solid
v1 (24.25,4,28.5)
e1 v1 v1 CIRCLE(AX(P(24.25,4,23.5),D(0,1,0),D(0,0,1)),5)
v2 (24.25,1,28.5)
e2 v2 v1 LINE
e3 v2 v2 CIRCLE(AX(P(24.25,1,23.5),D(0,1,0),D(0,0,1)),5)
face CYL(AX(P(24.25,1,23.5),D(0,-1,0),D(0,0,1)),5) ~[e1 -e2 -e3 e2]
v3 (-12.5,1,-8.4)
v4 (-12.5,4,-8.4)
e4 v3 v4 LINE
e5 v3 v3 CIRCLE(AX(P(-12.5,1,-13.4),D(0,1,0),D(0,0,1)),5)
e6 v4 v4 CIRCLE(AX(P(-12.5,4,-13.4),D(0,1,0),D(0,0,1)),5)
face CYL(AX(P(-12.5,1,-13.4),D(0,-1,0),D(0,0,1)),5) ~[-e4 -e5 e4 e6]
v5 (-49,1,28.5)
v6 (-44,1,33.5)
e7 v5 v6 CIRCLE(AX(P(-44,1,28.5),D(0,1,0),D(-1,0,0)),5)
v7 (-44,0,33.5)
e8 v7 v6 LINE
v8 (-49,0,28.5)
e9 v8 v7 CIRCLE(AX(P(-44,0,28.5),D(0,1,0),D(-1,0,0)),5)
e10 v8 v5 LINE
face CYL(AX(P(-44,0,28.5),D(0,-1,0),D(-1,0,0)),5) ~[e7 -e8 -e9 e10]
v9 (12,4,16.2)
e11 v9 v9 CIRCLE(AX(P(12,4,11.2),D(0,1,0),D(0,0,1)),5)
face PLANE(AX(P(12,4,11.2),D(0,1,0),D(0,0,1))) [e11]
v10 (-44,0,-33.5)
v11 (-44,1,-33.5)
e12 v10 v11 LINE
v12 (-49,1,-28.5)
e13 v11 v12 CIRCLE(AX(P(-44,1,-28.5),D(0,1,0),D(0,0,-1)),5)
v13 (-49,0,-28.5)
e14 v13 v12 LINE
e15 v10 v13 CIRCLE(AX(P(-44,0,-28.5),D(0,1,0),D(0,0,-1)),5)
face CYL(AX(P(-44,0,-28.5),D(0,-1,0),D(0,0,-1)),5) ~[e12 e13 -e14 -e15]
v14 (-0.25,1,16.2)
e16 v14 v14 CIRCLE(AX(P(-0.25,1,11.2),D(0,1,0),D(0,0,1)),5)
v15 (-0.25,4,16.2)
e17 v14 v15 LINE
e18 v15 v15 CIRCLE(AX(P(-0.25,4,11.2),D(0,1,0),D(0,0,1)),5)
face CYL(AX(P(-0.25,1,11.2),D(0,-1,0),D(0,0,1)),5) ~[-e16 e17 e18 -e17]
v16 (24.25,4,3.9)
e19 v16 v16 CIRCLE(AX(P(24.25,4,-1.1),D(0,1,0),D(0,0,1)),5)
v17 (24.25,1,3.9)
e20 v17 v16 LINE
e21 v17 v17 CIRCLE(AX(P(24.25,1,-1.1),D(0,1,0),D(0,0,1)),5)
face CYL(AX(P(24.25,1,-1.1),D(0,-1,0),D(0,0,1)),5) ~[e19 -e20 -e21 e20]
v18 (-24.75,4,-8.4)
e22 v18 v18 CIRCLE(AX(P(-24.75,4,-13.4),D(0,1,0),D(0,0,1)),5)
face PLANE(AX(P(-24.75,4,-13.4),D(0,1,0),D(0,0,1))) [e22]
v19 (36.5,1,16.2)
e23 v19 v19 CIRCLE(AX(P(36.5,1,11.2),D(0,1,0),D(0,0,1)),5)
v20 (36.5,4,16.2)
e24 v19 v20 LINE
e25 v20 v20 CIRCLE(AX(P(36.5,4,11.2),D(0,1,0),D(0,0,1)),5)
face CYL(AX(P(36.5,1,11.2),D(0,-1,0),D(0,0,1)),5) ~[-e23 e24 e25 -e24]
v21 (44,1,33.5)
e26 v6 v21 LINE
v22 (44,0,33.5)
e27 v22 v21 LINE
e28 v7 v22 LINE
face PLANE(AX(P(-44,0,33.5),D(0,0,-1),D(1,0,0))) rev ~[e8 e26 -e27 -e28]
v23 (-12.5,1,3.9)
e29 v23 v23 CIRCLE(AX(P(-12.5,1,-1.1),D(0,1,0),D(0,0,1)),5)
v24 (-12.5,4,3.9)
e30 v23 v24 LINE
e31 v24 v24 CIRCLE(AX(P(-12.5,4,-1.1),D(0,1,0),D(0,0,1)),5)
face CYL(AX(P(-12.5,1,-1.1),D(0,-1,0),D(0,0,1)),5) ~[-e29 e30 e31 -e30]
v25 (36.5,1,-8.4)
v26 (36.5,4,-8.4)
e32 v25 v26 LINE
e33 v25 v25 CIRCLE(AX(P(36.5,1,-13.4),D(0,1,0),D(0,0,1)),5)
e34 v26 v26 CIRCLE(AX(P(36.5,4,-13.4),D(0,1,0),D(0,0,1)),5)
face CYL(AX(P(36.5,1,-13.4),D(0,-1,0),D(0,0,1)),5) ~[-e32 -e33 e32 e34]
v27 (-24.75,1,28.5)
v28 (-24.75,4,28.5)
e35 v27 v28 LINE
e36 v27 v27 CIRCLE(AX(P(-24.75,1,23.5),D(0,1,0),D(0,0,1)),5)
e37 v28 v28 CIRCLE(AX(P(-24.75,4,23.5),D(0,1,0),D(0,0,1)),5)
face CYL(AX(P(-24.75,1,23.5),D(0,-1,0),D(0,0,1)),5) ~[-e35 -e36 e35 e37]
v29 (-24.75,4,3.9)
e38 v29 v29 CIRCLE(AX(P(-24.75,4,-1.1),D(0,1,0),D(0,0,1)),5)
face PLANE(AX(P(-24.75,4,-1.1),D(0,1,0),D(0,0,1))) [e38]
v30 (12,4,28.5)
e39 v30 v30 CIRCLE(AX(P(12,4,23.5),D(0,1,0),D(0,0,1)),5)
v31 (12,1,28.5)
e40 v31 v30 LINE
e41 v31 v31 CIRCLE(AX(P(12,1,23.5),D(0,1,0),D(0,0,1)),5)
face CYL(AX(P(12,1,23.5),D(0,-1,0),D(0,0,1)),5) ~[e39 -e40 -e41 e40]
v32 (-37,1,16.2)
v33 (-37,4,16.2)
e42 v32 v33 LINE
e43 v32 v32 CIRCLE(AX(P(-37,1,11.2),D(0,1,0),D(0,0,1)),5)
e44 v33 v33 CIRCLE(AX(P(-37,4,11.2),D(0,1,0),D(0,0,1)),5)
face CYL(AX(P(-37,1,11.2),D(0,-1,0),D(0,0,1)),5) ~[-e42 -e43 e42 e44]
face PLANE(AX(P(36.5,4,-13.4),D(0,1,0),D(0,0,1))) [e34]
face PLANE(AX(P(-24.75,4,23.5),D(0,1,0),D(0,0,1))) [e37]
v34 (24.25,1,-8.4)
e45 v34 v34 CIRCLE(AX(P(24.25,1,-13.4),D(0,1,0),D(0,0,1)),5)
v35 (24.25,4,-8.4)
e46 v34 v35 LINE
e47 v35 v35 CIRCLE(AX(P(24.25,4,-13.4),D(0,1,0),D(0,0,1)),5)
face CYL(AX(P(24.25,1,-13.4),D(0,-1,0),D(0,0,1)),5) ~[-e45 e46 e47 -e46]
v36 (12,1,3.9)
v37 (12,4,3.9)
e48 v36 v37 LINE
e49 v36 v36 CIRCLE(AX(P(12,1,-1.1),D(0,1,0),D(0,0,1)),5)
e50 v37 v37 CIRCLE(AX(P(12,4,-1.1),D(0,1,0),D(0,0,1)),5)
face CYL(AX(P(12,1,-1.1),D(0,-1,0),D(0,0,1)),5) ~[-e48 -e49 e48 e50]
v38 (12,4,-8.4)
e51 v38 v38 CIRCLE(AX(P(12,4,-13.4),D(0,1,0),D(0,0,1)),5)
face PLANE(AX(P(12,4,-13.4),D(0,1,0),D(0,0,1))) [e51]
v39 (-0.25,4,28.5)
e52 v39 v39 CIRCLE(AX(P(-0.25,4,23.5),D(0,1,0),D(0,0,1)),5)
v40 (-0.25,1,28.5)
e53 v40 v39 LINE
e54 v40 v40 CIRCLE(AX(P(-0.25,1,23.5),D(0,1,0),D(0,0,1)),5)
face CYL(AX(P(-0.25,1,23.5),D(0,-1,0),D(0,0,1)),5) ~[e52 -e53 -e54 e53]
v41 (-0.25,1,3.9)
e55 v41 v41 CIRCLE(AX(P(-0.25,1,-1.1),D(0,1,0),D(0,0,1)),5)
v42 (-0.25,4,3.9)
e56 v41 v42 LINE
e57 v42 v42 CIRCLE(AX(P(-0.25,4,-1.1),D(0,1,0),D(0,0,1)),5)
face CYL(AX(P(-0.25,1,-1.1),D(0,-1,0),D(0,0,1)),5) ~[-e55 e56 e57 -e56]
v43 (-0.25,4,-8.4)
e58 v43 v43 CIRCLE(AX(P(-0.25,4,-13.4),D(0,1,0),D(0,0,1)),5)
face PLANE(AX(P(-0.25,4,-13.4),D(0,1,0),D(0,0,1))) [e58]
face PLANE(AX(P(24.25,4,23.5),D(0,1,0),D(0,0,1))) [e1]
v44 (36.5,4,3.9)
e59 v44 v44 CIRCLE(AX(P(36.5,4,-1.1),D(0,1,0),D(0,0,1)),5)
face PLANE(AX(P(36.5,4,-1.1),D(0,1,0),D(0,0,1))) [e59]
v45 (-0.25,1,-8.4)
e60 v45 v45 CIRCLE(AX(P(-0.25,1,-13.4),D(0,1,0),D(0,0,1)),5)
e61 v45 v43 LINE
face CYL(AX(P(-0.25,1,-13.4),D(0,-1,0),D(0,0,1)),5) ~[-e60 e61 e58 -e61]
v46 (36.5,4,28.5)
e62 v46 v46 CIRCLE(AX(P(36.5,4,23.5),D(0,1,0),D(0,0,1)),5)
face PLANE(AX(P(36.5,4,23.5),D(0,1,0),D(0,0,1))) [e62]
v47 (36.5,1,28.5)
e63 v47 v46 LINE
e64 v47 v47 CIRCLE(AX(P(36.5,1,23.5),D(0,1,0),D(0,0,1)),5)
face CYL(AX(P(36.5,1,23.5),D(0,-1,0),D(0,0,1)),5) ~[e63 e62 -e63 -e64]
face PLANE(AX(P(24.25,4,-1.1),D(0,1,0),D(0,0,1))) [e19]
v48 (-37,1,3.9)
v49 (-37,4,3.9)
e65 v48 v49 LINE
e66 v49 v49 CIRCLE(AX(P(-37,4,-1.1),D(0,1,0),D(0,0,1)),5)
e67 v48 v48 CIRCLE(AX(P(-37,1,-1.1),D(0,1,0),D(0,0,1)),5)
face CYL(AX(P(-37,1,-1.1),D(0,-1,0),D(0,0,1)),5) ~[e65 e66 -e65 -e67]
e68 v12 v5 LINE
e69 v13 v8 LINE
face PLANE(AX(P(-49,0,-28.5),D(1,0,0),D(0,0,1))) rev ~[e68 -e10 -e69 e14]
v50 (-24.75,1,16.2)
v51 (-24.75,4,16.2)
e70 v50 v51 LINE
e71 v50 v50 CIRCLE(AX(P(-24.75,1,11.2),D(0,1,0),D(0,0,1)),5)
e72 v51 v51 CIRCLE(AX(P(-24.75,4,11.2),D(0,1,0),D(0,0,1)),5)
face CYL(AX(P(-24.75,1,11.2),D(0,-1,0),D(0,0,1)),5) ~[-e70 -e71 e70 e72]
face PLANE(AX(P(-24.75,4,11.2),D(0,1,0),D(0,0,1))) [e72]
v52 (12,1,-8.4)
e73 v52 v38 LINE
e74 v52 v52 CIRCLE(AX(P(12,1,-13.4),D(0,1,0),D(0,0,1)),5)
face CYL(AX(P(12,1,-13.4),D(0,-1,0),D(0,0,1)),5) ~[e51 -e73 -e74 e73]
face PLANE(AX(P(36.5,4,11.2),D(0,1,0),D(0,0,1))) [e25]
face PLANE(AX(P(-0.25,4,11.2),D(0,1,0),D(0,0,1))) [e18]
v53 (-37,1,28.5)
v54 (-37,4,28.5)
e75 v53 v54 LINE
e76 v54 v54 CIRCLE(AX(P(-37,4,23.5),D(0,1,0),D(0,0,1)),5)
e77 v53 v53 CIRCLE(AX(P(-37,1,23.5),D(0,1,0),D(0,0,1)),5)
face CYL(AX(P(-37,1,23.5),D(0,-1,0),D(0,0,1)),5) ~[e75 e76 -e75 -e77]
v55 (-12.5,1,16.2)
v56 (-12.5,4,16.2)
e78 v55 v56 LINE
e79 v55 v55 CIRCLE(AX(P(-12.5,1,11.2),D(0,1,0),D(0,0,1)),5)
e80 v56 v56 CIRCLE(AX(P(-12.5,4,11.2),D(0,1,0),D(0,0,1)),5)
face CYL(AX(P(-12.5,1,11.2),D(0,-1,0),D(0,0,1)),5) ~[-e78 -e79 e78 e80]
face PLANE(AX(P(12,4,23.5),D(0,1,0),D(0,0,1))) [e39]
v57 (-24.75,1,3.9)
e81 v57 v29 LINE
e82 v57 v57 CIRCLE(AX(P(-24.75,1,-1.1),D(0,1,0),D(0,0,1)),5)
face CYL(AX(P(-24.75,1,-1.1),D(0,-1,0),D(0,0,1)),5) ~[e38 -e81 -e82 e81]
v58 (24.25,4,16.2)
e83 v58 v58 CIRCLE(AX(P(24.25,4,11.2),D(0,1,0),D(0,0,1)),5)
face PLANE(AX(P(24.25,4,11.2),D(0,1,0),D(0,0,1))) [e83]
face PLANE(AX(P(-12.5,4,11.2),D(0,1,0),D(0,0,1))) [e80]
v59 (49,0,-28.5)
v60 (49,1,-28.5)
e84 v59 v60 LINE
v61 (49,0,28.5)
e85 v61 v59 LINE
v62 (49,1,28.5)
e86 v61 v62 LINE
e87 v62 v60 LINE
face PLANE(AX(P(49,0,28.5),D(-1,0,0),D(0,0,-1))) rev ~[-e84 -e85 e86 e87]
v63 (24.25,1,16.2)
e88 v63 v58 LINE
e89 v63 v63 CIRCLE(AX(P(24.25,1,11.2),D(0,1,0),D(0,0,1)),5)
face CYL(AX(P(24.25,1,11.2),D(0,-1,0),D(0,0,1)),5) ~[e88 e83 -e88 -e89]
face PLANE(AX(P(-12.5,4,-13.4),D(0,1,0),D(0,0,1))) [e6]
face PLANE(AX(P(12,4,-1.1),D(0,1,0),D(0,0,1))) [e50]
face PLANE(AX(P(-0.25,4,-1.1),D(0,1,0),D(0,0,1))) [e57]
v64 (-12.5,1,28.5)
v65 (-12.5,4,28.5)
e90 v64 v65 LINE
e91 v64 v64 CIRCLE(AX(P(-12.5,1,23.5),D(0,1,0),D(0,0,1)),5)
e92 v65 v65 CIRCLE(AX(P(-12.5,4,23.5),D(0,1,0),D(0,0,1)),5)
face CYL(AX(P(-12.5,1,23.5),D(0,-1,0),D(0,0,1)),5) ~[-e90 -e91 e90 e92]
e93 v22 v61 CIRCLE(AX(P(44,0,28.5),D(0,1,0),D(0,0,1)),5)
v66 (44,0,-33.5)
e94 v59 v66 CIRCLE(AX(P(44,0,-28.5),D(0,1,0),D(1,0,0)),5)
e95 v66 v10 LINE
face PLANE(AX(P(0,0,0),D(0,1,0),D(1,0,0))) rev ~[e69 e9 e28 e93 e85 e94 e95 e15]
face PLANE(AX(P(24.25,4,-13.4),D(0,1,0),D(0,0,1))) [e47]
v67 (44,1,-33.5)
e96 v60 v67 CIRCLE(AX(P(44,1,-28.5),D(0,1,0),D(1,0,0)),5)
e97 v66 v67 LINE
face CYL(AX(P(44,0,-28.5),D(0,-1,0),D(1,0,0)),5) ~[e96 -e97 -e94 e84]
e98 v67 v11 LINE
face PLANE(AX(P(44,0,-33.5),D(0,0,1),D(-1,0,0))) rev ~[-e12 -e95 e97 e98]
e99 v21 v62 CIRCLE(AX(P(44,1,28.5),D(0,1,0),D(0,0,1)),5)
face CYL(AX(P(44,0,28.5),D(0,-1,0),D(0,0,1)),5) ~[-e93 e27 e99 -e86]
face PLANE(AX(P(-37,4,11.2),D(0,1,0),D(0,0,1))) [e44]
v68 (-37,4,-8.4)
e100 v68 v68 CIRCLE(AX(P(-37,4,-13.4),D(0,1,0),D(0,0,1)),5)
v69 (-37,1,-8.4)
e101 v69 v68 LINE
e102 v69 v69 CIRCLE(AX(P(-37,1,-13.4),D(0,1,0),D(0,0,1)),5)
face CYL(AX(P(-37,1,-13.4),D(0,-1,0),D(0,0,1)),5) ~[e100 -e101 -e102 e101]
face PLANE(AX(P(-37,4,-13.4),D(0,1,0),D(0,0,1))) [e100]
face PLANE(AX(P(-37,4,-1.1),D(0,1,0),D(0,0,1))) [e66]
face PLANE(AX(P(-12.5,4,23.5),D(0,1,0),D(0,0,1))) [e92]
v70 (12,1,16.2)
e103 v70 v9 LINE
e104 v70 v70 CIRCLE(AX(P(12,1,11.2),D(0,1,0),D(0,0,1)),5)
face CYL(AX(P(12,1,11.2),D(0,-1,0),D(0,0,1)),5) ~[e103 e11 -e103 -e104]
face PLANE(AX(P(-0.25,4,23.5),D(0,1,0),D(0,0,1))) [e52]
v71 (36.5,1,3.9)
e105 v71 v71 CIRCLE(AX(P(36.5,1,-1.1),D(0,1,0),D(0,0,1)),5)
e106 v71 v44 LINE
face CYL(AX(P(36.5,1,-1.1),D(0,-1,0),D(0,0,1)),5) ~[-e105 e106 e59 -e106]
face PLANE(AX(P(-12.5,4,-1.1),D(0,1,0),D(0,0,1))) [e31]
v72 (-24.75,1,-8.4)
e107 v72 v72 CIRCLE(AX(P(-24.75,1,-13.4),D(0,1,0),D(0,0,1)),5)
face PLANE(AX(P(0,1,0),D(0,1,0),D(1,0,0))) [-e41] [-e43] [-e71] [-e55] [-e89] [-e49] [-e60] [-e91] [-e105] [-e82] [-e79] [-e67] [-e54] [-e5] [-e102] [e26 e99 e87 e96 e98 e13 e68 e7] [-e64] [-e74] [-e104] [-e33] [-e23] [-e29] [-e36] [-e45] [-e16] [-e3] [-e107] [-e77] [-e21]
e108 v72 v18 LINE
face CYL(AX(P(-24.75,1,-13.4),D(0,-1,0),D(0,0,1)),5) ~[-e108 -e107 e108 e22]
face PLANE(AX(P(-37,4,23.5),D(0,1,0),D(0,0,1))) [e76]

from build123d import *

# Parameters (mm, degrees)
BASE_DEPTH            = 1
SKETCH2_R             = 5
BLISTER_EXTRUDE_DEPTH = 3
BLISTER_PATTERN_COUNT = 4
BLISTER_PATTERN_PITCH = 12.3


with BuildPart() as part:
    # Sketch1 → Base (new body)
    with BuildSketch(Plane(origin=(0, 0, 0), x_dir=(1, 0, 0), z_dir=(0, 1, 0))):
        with BuildLine():
            Line((-44, -33.5), (44, -33.5))
            ThreePointArc((44, -33.5), (47.535533906, -32.035533906), (49, -28.5))
            Line((49, -28.5), (49, 28.5))
            ThreePointArc((49, 28.5), (47.535533906, 32.035533906), (44, 33.5))
            Line((44, 33.5), (-44, 33.5))
            ThreePointArc((-44, 33.5), (-47.535533906, 32.035533906), (-49, 28.5))
            Line((-49, 28.5), (-49, -28.5))
            ThreePointArc((-49, -28.5), (-47.535533906, -32.035533906), (-44, -33.5))
        make_face()
    extrude(amount=BASE_DEPTH)

    # Sketch2 → Blister-Extrude (add)
    with BuildSketch(Plane(origin=(0, 1, 0), x_dir=(1, 0, 0), z_dir=(0, 1, 0))):
        with Locations(Location((-37, -23.5, 0), (0, 0, 270))):
            Circle(SKETCH2_R)
        with Locations(Location((-24.75, -23.5, 0), (0, 0, 270))):
            Circle(SKETCH2_R)
        with Locations(Location((-12.5, -23.5, 0), (0, 0, 270))):
            Circle(SKETCH2_R)
        with Locations(Location((-0.25, -23.5, 0), (0, 0, 270))):
            Circle(SKETCH2_R)
        with Locations(Location((12, -23.5, 0), (0, 0, 270))):
            Circle(SKETCH2_R)
        with Locations(Location((24.25, -23.5, 0), (0, 0, 270))):
            Circle(SKETCH2_R)
        with Locations(Location((36.5, -23.5, 0), (0, 0, 270))):
            Circle(SKETCH2_R)
    blister_extrude = extrude(amount=BLISTER_EXTRUDE_DEPTH)

    # Blister-Pattern: Blister-Extrude ×4
    with Locations(*[(0, 0, -i * BLISTER_PATTERN_PITCH) for i in range(1, BLISTER_PATTERN_COUNT)]):
        add(blister_extrude)


solid = part.part
